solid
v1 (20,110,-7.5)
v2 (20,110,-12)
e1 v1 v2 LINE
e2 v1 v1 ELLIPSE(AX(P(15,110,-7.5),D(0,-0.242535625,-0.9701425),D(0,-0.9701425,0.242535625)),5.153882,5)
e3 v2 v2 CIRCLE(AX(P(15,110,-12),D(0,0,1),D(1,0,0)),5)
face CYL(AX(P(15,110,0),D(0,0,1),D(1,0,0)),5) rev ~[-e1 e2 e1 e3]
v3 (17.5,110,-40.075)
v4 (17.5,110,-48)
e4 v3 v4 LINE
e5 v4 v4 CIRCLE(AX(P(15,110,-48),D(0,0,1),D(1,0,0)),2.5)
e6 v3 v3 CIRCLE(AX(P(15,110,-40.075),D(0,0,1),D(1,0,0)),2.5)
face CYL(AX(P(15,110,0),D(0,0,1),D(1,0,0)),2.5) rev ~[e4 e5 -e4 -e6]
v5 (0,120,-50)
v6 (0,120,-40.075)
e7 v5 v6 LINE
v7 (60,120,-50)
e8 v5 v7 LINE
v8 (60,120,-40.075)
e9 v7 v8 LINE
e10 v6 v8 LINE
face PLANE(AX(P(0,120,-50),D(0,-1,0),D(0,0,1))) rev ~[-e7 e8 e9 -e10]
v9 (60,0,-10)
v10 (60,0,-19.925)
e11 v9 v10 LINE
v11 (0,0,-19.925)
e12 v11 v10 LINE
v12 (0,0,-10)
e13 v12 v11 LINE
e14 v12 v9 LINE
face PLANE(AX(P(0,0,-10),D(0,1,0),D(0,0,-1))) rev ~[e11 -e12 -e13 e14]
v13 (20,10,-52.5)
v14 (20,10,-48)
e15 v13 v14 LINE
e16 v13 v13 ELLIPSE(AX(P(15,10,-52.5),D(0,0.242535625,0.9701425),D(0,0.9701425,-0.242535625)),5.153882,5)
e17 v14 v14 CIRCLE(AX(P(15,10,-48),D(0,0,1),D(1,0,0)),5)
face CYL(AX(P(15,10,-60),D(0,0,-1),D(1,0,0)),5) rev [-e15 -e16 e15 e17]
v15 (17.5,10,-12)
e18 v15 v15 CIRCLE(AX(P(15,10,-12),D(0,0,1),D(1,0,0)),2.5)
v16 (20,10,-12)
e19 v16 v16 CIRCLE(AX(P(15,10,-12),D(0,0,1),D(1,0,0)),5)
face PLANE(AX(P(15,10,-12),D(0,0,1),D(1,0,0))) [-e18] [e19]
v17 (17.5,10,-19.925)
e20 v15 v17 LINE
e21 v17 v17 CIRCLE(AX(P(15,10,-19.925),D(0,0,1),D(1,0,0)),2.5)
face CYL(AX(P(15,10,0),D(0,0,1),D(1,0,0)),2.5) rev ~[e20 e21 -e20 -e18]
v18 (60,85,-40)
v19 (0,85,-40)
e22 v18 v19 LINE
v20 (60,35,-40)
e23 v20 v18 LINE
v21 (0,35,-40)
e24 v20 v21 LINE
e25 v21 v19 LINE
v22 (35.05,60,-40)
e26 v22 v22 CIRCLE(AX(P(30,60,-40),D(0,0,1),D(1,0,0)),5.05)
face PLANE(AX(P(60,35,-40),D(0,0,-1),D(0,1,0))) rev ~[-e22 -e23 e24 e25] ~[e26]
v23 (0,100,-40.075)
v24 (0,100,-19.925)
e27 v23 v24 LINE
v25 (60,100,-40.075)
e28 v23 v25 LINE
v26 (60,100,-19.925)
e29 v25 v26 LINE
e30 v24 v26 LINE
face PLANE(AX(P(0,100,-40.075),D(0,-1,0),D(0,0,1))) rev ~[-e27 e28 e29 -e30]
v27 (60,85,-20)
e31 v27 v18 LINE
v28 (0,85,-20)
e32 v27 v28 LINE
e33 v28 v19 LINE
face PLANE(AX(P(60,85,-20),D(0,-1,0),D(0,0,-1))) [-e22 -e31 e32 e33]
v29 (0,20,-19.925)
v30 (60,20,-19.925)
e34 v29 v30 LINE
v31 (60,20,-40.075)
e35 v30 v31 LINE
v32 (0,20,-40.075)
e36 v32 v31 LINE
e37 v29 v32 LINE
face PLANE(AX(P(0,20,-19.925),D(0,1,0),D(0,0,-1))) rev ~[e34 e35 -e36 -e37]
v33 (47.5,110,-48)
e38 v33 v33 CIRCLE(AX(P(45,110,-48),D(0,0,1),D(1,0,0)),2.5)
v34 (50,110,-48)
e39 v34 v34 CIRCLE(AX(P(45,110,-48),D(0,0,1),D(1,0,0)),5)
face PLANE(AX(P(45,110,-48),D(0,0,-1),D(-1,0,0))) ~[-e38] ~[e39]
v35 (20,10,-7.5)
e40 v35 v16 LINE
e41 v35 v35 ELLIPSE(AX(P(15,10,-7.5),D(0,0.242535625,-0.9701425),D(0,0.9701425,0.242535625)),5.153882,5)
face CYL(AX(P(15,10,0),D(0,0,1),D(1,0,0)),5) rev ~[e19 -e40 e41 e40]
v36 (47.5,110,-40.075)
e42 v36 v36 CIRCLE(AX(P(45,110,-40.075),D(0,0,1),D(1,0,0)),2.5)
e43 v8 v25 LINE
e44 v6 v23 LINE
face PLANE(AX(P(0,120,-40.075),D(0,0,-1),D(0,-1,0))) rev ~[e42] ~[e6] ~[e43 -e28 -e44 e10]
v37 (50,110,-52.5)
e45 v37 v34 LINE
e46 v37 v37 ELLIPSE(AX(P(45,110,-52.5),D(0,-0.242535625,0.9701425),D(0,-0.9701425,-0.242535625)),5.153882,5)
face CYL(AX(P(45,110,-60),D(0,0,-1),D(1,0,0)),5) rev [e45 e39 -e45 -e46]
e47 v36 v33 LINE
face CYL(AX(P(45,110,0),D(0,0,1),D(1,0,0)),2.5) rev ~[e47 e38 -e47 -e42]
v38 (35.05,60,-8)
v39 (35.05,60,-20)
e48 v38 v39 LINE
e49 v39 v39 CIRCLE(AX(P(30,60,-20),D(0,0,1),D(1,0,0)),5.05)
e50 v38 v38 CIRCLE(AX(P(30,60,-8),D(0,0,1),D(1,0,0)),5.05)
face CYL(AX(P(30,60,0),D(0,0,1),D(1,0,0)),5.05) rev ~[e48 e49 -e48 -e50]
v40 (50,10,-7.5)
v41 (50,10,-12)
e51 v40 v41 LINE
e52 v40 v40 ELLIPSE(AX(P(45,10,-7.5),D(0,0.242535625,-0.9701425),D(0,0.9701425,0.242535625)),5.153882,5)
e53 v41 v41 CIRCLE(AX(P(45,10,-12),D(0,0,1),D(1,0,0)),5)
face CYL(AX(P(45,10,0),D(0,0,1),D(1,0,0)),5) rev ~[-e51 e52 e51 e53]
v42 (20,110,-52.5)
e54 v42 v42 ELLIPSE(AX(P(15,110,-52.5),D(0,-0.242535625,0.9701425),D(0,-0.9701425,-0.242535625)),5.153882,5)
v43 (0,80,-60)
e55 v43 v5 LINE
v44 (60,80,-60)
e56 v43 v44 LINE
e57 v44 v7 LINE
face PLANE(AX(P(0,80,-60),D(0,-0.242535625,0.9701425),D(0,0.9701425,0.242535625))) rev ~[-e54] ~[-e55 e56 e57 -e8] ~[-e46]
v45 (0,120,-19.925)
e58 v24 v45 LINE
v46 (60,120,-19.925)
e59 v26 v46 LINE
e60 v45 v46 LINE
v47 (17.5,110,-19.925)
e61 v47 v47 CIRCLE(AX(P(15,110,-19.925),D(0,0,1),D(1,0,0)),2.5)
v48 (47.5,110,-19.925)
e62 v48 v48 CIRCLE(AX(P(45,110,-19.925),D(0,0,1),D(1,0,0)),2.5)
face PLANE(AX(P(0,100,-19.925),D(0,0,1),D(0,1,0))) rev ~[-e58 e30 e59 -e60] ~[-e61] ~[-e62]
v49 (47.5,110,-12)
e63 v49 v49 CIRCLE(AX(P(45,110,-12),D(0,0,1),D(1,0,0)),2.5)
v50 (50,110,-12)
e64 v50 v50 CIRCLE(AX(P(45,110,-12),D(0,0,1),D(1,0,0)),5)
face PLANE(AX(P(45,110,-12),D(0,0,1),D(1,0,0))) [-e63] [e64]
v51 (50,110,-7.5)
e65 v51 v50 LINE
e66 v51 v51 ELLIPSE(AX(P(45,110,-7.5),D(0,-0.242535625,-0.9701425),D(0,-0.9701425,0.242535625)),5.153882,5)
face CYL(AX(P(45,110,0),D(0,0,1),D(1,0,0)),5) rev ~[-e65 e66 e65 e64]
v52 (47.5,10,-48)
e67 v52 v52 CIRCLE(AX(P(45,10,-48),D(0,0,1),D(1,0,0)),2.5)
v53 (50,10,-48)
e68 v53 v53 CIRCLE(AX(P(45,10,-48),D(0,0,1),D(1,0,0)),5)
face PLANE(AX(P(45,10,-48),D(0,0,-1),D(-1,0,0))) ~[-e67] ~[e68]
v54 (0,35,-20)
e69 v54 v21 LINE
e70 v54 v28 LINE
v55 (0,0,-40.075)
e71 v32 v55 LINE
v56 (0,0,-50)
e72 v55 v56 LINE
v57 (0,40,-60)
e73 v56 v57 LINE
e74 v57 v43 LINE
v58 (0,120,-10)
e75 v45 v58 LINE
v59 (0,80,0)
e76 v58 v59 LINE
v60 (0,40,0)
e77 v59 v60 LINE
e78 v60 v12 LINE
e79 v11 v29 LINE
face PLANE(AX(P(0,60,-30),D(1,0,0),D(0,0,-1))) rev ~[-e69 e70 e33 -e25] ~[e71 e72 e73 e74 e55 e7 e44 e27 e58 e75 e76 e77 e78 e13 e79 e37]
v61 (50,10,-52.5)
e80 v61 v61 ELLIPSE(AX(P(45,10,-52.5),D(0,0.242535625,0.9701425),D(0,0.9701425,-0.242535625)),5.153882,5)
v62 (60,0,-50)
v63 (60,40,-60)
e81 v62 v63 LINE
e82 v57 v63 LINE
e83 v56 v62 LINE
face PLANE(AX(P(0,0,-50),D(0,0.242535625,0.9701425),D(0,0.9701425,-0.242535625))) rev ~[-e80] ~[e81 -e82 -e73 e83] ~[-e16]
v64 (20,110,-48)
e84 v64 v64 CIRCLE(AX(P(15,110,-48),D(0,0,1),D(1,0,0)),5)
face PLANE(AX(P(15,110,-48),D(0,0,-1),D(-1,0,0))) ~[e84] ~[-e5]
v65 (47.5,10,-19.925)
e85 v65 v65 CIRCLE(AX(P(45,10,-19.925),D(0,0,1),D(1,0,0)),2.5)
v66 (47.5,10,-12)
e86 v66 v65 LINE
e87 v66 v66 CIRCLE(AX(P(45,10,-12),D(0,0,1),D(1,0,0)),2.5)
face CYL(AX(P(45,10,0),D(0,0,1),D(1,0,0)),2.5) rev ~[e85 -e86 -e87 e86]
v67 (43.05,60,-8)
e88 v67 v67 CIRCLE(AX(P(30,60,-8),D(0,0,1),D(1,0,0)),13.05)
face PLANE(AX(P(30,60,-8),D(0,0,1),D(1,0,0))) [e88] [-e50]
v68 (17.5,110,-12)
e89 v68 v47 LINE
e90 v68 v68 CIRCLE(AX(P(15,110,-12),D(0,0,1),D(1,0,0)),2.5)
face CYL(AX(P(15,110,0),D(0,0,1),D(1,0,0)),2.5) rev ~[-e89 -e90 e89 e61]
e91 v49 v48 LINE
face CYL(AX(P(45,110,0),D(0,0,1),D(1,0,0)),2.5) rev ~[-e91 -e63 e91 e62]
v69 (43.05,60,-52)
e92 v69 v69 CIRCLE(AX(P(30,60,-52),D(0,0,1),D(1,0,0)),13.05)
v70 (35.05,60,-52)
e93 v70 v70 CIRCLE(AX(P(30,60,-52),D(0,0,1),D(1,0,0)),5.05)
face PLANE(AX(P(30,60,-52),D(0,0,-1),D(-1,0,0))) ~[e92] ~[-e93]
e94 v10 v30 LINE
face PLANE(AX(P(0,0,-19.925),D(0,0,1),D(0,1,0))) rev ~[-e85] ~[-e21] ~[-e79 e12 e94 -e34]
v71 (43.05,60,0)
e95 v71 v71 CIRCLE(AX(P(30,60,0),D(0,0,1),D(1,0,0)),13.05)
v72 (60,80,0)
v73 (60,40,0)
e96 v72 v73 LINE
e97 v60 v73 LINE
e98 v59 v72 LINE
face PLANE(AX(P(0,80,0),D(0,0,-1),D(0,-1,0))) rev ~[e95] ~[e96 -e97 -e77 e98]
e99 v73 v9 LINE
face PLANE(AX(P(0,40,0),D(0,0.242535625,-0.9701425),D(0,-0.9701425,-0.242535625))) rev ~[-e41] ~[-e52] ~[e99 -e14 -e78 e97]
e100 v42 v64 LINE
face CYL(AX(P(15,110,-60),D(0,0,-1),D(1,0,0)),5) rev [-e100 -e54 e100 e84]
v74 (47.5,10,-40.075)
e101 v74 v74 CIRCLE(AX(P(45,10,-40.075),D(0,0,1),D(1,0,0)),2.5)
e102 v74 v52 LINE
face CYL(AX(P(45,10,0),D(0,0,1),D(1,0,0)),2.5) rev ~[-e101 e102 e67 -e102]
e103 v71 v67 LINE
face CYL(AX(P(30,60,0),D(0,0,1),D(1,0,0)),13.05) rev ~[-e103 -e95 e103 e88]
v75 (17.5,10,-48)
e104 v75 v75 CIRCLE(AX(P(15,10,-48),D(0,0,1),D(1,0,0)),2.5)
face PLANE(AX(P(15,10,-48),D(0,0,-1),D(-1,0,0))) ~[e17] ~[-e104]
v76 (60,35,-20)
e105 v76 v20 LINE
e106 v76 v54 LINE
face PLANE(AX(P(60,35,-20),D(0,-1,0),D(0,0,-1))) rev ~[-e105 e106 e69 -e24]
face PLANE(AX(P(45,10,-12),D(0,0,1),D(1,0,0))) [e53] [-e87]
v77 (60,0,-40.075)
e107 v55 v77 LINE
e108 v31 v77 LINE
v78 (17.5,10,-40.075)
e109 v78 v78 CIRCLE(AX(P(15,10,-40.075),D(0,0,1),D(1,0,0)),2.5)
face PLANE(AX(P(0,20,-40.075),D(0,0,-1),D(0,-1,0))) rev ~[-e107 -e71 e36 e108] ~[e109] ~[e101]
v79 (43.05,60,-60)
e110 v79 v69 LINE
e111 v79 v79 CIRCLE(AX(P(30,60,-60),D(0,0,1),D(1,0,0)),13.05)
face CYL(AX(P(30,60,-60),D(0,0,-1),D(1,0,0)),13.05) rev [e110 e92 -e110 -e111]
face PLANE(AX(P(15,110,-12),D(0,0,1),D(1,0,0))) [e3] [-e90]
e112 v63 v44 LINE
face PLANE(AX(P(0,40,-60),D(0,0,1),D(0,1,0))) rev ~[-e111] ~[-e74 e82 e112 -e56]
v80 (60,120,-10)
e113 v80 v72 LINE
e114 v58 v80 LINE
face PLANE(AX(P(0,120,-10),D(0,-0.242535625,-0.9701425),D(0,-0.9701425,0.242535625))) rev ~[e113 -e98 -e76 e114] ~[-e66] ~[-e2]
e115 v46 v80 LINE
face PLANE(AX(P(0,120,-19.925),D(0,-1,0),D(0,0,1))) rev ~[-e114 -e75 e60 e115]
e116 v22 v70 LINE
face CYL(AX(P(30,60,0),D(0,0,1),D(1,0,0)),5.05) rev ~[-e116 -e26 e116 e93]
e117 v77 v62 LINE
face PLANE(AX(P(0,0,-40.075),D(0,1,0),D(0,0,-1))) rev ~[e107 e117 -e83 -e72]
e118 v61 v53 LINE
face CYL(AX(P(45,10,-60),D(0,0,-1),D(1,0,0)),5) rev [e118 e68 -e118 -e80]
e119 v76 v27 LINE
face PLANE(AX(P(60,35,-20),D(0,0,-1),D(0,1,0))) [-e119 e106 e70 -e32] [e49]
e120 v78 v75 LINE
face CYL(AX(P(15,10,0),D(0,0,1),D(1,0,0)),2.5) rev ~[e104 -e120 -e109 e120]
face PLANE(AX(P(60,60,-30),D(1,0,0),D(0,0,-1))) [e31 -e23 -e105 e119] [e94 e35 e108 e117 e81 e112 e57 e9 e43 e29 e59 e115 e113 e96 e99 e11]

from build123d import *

# Parameters (mm, degrees)
BOSS_EXTRUDE1_DEPTH = 60
SKETCH3_R           = 5.05
CUT_EXTRUDE1_DEPTH  = 70
SKETCH4_R           = 13.05
CUT_EXTRUDE2_DEPTH  = 8
SKETCH5_R           = 2.5
CUT_EXTRUDE3_DEPTH  = 61
SKETCH6_R           = 5
CUT_EXTRUDE4_DEPTH  = 12
SKETCH7_W           = 20
SKETCH7_H           = 50
CUT_EXTRUDE5_DEPTH  = 81


with BuildPart() as part:
    # Sketch2 → Boss-Extrude1 (new body)
    with BuildSketch(Plane(origin=(0, 0, 0), x_dir=(0, 0, -1), z_dir=(1, 0, 0))):
        Polygon((0, 40), (10, 0), (19.925, 0), (19.925, 20), (40.075, 20), (40.075, 0), (50, 0), (60, 40), (60, 80), (50, 120), (40.075, 120), (40.075, 100), (19.925, 100), (19.925, 120), (10, 120), (0, 80), align=None)
    extrude(amount=BOSS_EXTRUDE1_DEPTH)

    # Sketch3 → Cut-Extrude1 (cut)
    with BuildSketch(Plane.XY):
        with Locations((30, 60)):
            Circle(SKETCH3_R)
    extrude(amount=-CUT_EXTRUDE1_DEPTH, mode=Mode.SUBTRACT)

    # Sketch4 → Cut-Extrude2 (cut)
    with BuildSketch(Plane.XY):
        with Locations((30, 60)):
            Circle(SKETCH4_R)
    cut_extrude2 = extrude(amount=-CUT_EXTRUDE2_DEPTH, mode=Mode.SUBTRACT)

    # Mirror1: Cut-Extrude2 across plane
    add(cut_extrude2.mirror(Plane.XY.offset(-30)), mode=Mode.SUBTRACT)

    # Sketch5 → Cut-Extrude3 (cut, through all)
    with BuildSketch(Plane.XY):
        with Locations((45, 110)):
            Circle(SKETCH5_R)
        with Locations((15, 110)):
            Circle(SKETCH5_R)
        with Locations((45, 10)):
            Circle(SKETCH5_R)
        with Locations((15, 10)):
            Circle(SKETCH5_R)
    extrude(amount=-CUT_EXTRUDE3_DEPTH, mode=Mode.SUBTRACT)

    # Sketch6 → Cut-Extrude4 (cut)
    with BuildSketch(Plane.XY):
        with Locations((45, 110)):
            Circle(SKETCH6_R)
        with Locations((15, 110)):
            Circle(SKETCH6_R)
        with Locations((15, 10)):
            Circle(SKETCH6_R)
        with Locations((45, 10)):
            Circle(SKETCH6_R)
    cut_extrude4 = extrude(amount=-CUT_EXTRUDE4_DEPTH, mode=Mode.SUBTRACT)

    # Mirror2: Cut-Extrude4 across plane
    add(cut_extrude4.mirror(Plane.XY.offset(-30)), mode=Mode.SUBTRACT)

    # Sketch7 → Cut-Extrude5 (cut)
    with BuildSketch(Plane(origin=(60, 0, 0), x_dir=(0, 0, -1), z_dir=(1, 0, 0))):
        with Locations((30, 60)):
            Rectangle(SKETCH7_W, SKETCH7_H)
    extrude(amount=-CUT_EXTRUDE5_DEPTH, mode=Mode.SUBTRACT)


solid = part.part
